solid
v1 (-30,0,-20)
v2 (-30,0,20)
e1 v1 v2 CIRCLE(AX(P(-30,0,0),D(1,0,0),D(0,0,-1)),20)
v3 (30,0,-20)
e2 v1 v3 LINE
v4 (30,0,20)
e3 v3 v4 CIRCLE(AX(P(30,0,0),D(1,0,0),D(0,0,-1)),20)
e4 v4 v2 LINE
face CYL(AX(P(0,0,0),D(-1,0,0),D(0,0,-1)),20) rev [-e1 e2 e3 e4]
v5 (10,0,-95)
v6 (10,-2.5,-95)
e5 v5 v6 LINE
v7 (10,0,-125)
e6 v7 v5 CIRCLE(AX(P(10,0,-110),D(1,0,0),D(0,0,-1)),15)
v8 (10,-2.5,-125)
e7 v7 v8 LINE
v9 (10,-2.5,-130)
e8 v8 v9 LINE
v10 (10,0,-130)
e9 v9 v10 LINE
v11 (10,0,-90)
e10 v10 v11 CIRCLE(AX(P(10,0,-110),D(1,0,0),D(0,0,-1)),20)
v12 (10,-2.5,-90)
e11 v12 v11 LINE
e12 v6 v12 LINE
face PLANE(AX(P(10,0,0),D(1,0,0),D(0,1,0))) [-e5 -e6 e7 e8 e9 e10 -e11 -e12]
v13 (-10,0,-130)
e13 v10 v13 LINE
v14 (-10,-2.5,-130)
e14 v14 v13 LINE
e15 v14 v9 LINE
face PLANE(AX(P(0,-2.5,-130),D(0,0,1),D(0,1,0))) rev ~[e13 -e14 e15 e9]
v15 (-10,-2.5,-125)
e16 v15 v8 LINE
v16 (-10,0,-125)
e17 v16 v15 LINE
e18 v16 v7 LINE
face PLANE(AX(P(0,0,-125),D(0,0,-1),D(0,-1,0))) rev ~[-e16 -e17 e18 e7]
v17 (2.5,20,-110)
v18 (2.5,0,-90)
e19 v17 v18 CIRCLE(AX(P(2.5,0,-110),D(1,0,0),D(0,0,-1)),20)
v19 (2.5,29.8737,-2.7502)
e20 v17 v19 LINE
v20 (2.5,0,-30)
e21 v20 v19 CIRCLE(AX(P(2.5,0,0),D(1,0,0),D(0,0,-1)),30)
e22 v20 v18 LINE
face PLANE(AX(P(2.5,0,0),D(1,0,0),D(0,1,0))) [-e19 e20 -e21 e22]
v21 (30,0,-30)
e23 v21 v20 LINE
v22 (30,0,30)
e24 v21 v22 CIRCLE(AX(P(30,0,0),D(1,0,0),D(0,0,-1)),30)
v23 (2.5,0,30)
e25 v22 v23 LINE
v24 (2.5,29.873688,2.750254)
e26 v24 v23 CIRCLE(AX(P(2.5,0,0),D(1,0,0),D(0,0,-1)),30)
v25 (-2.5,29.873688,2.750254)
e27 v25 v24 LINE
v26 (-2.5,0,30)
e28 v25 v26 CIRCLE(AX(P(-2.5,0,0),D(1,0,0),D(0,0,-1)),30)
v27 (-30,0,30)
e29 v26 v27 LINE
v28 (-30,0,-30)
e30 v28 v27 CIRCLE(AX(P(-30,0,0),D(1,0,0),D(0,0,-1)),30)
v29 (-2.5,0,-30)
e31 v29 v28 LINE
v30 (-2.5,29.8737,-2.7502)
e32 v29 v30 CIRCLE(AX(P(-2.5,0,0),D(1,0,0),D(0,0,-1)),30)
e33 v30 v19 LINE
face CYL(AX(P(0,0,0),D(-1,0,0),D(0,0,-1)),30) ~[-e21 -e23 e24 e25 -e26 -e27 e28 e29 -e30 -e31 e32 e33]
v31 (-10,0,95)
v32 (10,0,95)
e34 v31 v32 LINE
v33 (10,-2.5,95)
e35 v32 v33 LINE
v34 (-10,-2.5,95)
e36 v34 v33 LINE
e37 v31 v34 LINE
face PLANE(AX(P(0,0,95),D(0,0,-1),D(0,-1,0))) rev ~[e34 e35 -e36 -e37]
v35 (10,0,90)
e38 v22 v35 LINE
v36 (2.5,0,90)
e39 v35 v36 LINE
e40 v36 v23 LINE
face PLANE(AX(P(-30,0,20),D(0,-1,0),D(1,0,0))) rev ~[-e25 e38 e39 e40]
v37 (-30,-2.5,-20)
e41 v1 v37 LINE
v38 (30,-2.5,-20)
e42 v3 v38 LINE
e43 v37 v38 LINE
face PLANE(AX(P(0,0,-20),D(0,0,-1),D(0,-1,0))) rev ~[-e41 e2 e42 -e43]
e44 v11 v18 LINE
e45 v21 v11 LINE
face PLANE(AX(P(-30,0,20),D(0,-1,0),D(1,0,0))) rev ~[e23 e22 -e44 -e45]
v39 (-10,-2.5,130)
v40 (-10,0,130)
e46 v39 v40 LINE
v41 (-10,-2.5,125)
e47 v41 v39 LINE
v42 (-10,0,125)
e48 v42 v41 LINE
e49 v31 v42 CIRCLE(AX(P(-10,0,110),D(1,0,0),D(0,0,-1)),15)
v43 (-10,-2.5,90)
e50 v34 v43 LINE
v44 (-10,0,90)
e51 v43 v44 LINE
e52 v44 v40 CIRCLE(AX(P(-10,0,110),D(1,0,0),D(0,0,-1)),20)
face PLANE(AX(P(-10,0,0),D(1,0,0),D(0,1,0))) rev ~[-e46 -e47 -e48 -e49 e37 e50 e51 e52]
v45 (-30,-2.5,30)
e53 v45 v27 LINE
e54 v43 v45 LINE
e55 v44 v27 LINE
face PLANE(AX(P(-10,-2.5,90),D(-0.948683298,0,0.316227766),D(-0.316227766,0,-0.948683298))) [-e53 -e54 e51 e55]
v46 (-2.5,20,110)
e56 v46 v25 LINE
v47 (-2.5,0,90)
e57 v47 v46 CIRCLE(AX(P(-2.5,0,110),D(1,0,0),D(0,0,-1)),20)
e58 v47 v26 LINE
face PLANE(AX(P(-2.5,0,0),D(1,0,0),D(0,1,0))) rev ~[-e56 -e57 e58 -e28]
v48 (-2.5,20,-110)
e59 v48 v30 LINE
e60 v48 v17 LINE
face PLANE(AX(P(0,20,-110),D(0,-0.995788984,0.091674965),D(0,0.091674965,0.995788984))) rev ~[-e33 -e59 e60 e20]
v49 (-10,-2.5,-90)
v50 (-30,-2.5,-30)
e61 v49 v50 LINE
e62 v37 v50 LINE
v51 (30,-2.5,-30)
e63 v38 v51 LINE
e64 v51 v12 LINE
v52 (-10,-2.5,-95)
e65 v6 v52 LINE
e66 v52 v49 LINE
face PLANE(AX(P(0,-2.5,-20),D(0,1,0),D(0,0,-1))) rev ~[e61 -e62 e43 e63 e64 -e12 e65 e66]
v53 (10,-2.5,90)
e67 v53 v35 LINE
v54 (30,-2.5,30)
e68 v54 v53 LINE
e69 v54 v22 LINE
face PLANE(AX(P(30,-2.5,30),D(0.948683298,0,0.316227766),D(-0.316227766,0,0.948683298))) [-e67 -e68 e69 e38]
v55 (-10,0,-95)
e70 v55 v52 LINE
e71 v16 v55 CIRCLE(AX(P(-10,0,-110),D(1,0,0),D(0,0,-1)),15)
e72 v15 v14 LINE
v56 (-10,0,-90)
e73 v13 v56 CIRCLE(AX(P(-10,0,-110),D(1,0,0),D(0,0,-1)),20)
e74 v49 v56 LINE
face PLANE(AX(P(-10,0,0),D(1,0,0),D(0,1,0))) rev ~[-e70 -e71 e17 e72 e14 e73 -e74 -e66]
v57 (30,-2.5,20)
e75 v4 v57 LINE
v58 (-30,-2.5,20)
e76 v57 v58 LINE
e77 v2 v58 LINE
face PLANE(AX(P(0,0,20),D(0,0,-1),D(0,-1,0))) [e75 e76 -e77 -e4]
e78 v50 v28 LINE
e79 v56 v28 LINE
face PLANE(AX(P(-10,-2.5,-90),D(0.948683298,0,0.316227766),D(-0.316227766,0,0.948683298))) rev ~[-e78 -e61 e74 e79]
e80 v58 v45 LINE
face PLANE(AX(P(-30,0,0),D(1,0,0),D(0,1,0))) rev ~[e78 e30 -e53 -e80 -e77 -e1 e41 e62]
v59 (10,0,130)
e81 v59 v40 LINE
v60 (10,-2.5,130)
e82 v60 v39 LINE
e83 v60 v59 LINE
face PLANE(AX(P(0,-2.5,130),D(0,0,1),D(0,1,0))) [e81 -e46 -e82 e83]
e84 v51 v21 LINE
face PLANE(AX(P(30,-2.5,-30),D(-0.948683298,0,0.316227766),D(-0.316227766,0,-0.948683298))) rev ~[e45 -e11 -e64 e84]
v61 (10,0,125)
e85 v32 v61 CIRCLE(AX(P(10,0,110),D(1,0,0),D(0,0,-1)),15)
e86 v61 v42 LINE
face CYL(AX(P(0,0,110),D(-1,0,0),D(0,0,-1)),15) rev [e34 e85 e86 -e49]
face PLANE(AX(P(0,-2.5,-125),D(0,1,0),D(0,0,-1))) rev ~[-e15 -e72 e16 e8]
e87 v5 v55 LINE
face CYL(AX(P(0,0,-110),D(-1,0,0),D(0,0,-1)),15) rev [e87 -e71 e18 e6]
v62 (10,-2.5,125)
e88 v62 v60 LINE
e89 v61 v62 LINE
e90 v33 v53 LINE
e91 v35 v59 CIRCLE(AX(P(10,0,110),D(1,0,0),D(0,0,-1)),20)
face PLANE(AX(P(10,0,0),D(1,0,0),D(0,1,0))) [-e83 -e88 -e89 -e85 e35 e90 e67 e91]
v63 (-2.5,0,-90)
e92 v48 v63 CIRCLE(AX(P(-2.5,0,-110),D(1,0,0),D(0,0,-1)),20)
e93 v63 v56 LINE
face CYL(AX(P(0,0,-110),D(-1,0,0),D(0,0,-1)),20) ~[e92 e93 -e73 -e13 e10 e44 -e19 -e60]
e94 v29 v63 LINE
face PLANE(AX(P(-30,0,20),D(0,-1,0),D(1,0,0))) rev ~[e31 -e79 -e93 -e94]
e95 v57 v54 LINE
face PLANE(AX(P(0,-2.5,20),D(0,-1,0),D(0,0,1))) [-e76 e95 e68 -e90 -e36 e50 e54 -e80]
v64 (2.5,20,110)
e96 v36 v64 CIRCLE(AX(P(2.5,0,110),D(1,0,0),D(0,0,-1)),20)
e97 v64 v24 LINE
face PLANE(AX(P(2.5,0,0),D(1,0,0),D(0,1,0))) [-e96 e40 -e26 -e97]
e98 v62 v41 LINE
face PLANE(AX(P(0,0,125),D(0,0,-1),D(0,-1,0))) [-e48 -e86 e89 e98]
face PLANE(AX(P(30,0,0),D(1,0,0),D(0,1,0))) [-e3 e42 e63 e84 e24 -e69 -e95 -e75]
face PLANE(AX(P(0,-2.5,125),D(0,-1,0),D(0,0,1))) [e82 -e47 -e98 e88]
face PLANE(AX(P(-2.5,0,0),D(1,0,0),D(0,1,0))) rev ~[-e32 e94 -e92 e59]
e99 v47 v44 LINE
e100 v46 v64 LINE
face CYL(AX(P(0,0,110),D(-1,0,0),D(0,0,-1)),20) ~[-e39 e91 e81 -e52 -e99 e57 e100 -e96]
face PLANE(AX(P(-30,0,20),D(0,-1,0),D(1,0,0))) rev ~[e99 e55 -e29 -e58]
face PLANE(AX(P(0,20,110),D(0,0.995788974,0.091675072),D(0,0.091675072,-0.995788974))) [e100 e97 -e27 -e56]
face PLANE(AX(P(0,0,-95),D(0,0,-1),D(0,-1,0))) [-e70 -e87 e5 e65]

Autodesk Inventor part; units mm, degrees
ref_plane "YZ Plane" through (0, 0, 0) normal (1, 0, 0) x (0, 1, 0)
ref_plane "XZ Plane" through (0, 0, 0) normal (0, 1, 0) x (-1, 0, 0)
ref_plane "XY Plane" through (0, 0, 0) normal (0, 0, 1) x (1, 0, 0)
sketch "Boceto1" plane through (0, 0, 0) normal (1, 0, 0) x (0, 1, 0)
  arc A0 (0, -20) -> (0, 20) centre (0, 0) ccw
  arc A1 (0, -30) -> (0, 30) centre (0, 0) ccw
  line L0 (0, 0) -> (-5, 0) construction
  arc A2 (0, -125) -> (0, -95) centre (0, -110) ccw
  arc A3 (0, -130) -> (0, -90) centre (0, -110) ccw
  arc A4 (0, 95) -> (0, 125) centre (0, 110) ccw
  arc A5 (0, 90) -> (0, 130) centre (0, 110) ccw
  line L1 (0, 95) -> (-2.5, 95)
  line L2 (-2.5, 95) -> (-2.5, 90)
  line L3 (-2.5, 90) -> (0, 90)
  line L4 (0, 125) -> (-2.5, 125)
  line L5 (-2.5, 125) -> (-2.5, 130)
  line L6 (-2.5, 130) -> (0, 130)
  line L7 (0, -95) -> (-2.5, -95)
  line L8 (-2.5, -95) -> (-2.5, -90)
  line L9 (-2.5, -90) -> (0, -90)
  line L10 (0, -125) -> (-2.5, -125)
  line L11 (-2.5, -125) -> (-2.5, -130)
  line L12 (-2.5, -130) -> (0, -130)
  line L13 (0, 20) -> (-2.5, 20)
  line L14 (-2.5, 20) -> (-2.5, 30)
  line L15 (-2.5, 30) -> (0, 30)
  line L16 (0, -20) -> (-2.5, -20)
  line L17 (-2.5, -20) -> (-2.5, -30)
  line L18 (-2.5, -30) -> (0, -30)
  point P0 (0, 130)
  dimension "d0" = 20
  dimension "d1" = 30
  dimension "d2" = 5
  dimension "d3" = 15
  dimension "d5" = 20
  dimension "d6" = 110
  dimension "d7" = 2.5
  dimension "d8" = 5
  dimension "d9" = 5
  dimension "d10" = 10
  dimension "d11" = 10
  dimension "d16" = 2.5
extrude "Extrusión1" add sketch "Boceto1" along normal mid plane 60 contours A0 L13 L14 L15 A1 L18 L17 L16
extrude "Extrusión2" add sketch "Boceto1" along normal mid plane 20 contours A2 L7 L8 L9 A3 L12 L11 L10 | A4 L4 L5 L6 A5 L3 L2 L1
sketch "Boceto2" plane through (-30, -2.5, 20) normal (0, -1, 0) x (1, 0, 0)
  line L0 (40, 70) -> (20, 70) projected
  line L1 (40, 75) -> (40, 70) projected
  line L2 (60, 10) -> (40, 70)
  line L3 (0, 10) -> (60, 10) projected
  line L4 (20, 70) -> (0, 10)
  line L5 (60, -40) -> (60, -50) projected
  line L6 (60, -50) -> (40, -110)
  line L7 (20, -110) -> (0, -50)
  line L8 (0, -50) -> (60, -50) projected
  line L9 (60, -50) -> (0, -50)
  line L10 (60, 10) -> (60, 0) projected
  line L11 (60, 10) -> (0, 10)
  line L12 (20, -110) -> (40, -110) projected
  line L13 (40, -110) -> (20, -110)
  point P0 (30, -20)
extrude "Extrusión3" add sketch "Boceto2" against normal blind 2.5
sketch "Boceto3" plane through (0, 0, 0) normal (1, 0, 0) x (0, 1, 0)
  arc A0 (0, -130) -> (0, -90) centre (0, -110) ccw projected
  line L0 (20, -110) -> (29.8737, -2.7502)
  arc A1 (0, -30) -> (0, 30) centre (0, 0) ccw projected
  arc A2 (0, 90) -> (0, 130) centre (0, 110) ccw projected
  line L1 (20, 110) -> (29.9301, 2.1377)
  line L2 (0, -30) -> (0, -90) projected
  line L3 (0, 90) -> (0, 30) projected
  point P0 (29.8737, 2.7502)
extrude "Extrusión4" add sketch "Boceto3" along normal mid plane 5
properties part number "Pieza de practica 10"
